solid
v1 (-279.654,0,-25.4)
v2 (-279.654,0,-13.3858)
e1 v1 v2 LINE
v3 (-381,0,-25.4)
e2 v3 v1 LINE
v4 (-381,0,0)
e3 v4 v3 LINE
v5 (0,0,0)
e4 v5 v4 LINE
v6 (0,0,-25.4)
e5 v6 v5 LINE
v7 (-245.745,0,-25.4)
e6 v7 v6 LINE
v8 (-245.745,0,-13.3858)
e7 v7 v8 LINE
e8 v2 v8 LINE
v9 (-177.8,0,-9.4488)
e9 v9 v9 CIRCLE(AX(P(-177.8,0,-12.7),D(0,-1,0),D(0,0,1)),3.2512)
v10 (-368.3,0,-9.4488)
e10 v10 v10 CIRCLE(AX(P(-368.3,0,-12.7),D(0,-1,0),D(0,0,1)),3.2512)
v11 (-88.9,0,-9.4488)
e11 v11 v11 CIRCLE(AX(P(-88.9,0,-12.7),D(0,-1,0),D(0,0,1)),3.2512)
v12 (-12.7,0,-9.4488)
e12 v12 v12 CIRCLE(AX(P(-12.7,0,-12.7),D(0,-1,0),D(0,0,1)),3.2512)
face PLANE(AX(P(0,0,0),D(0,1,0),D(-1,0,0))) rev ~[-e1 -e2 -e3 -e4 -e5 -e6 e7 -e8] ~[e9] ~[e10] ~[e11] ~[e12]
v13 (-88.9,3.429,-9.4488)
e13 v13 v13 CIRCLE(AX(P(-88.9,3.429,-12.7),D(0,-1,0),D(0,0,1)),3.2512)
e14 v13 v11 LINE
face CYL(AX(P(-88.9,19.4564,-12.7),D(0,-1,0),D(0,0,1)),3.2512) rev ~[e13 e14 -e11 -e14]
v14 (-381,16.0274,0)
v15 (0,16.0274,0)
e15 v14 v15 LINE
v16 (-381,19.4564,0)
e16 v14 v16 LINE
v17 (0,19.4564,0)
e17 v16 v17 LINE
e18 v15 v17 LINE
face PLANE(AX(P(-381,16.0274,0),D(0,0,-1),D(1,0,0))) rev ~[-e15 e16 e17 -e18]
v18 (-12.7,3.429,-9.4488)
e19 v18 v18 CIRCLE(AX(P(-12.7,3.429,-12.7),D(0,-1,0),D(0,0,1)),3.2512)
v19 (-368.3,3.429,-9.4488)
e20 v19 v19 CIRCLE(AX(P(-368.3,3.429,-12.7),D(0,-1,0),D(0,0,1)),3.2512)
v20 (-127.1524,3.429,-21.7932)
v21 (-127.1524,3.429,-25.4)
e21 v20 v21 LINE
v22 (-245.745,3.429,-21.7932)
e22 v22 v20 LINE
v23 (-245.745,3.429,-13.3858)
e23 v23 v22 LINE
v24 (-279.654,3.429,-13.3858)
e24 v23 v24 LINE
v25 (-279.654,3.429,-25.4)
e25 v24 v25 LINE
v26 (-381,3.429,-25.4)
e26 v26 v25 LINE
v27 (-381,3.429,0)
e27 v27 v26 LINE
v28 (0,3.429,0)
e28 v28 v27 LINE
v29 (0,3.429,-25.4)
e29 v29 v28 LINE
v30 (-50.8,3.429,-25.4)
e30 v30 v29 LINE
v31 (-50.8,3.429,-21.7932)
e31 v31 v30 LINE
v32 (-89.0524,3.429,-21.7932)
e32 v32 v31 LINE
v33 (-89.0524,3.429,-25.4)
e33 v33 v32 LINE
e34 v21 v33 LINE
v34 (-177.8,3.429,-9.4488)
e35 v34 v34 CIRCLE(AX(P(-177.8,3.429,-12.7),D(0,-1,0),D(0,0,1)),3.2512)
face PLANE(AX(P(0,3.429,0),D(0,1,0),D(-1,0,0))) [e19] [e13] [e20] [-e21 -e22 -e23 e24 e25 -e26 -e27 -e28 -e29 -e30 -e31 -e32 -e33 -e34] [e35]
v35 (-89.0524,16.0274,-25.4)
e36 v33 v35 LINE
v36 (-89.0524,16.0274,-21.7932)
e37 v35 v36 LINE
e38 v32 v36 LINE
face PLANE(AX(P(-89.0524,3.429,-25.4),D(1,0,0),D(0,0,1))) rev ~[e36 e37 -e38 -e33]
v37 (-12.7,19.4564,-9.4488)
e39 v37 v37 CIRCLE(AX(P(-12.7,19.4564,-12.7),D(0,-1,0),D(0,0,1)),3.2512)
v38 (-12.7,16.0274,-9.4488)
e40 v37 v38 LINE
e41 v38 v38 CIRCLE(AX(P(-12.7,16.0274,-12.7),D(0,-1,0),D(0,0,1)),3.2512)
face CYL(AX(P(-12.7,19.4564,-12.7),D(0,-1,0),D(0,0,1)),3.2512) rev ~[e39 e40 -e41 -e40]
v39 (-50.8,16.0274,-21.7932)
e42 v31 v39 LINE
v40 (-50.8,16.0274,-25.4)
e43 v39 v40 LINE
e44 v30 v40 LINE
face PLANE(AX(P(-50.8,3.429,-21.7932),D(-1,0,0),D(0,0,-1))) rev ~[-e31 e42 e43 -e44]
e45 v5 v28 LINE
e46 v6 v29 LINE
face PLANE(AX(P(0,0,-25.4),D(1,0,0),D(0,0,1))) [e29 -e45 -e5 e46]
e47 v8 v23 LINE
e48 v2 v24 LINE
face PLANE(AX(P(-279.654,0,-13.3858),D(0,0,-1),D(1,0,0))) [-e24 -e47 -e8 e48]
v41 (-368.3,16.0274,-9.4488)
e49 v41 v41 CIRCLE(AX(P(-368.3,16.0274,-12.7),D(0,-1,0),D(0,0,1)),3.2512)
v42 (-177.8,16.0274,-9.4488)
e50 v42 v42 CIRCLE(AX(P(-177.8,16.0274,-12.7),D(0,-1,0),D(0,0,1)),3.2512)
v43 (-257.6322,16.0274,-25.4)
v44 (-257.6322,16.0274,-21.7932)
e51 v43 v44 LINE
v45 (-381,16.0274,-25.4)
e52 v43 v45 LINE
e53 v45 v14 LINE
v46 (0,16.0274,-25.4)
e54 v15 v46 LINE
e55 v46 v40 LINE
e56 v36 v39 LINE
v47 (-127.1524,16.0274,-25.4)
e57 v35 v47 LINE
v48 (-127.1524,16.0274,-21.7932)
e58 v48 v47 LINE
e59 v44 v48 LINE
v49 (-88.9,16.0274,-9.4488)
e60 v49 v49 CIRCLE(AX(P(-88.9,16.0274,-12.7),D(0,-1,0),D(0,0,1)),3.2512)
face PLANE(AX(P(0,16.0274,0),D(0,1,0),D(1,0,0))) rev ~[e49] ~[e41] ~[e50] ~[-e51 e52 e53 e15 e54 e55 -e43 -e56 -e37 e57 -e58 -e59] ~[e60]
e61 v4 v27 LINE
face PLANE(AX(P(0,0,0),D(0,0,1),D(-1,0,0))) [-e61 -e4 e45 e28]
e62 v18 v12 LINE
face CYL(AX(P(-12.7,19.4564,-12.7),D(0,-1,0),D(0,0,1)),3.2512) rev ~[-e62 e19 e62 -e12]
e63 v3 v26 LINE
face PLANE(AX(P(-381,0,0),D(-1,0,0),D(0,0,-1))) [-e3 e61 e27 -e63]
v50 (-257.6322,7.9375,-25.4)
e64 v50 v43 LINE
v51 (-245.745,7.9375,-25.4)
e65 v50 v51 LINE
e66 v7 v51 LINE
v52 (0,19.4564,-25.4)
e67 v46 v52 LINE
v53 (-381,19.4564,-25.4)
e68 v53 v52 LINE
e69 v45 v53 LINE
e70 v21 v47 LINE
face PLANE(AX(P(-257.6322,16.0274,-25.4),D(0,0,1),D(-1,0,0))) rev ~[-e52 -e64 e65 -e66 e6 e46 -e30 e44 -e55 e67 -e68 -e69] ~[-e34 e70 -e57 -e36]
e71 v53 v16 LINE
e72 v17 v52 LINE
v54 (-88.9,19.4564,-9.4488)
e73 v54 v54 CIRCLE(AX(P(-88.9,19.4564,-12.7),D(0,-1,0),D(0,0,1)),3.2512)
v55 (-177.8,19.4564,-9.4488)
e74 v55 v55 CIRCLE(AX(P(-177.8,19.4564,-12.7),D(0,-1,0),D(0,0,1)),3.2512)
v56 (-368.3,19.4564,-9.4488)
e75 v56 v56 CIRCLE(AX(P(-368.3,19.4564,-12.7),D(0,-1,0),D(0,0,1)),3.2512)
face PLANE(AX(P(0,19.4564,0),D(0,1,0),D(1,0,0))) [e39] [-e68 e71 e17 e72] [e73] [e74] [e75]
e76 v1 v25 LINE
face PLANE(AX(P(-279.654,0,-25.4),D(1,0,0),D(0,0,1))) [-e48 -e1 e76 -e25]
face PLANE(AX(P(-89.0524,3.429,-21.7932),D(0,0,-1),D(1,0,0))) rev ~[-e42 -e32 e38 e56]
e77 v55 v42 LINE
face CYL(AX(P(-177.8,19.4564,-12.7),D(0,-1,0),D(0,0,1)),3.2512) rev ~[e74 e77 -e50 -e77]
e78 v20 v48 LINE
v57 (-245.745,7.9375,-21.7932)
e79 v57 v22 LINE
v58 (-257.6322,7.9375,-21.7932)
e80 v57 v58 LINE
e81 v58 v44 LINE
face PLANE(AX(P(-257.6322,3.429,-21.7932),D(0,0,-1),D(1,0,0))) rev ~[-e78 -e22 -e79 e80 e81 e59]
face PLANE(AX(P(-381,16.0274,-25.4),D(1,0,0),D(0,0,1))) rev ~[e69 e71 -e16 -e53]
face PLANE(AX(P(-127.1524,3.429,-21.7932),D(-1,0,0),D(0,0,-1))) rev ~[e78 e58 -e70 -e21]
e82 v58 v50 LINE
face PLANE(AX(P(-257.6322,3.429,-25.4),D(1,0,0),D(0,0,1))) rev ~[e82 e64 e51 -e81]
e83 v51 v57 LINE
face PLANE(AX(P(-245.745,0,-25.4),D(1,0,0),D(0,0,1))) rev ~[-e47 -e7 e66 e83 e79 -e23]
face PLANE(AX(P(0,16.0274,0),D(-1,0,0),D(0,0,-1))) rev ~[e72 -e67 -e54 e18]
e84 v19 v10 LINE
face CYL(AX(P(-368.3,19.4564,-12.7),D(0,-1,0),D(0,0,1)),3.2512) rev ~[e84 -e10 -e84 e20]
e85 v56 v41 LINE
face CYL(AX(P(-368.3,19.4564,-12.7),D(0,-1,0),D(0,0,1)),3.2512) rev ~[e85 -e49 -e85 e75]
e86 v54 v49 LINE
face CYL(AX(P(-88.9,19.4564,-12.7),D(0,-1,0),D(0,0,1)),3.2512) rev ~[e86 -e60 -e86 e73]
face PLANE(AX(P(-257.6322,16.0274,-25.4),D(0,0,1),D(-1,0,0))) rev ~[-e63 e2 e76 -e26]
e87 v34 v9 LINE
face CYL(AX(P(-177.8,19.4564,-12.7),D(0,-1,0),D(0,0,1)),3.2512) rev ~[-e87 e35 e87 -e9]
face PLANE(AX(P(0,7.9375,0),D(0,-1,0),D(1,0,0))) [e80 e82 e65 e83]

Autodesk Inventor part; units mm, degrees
ref_plane "YZ Plane" through (0, 0, 0) normal (1, 0, 0) x (0, 1, 0)
ref_plane "XZ Plane" through (0, 0, 0) normal (0, 1, 0) x (-1, 0, 0)
ref_plane "XY Plane" through (0, 0, 0) normal (0, 0, 1) x (1, 0, 0)
sketch "Sketch1" plane through (0, 0, 0) normal (0, 1, 0) x (-1, 0, 0)
  line L0 (0, 0) -> (381, 0)
  line L1 (381, 0) -> (381, -25.4)
  line L2 (381, -25.4) -> (0, -25.4)
  line L3 (0, -25.4) -> (0, 0)
  dimension "d0" = 381
  dimension "d1" = 25.4
extrude "Extrusion1" add sketch "Sketch1" along normal blind 3.429
sketch "Sketch2" plane through (0, 3.429, 0) normal (0, 1, 0) x (1, 0, 0)
  line L0 (0, 25.4) -> (-381, 25.4) projected
  line L1 (-50.8, 25.4) -> (-89.0524, 25.4)
  line L2 (-89.0524, 25.4) -> (-89.0524, 21.7932)
  line L3 (-89.0524, 21.7932) -> (-50.8, 21.7932)
  line L4 (-50.8, 21.7932) -> (-50.8, 25.4)
  line L5 (0, 0) -> (0, 25.4) projected
  line L6 (-127.1524, 25.4) -> (-257.6322, 25.4)
  line L7 (-257.6322, 25.4) -> (-257.6322, 21.7932)
  line L8 (-257.6322, 21.7932) -> (-127.1524, 21.7932)
  line L9 (-127.1524, 21.7932) -> (-127.1524, 25.4)
  point P0 (-89.0524, 23.5966)
  dimension "d4" = 38.2524
  dimension "d5" = 3.6068
  dimension "d6" = 50.8
  dimension "d7" = 38.1
  dimension "d8" = 3.6068
  dimension "d9" = 130.4798
extrude "Extrusion2" add sketch "Sketch2" along normal blind 12.5984
sketch "Sketch3" plane through (0, 16.0274, 0) normal (0, 1, 0) x (1, 0, 0)
  line L0 (-381, 25.4) -> (-381, 0) projected
  line L1 (-257.6322, 25.4) -> (-381, 25.4) projected
  line L2 (-381, 0) -> (0, 0) projected
  line L3 (0, 0) -> (0, 25.4) projected
  line L4 (0, 25.4) -> (-381, 25.4)
  line L5 (-381, 25.4) -> (-381, 0)
  line L6 (-381, 0) -> (0, 0)
  line L7 (0, 0) -> (0, 25.4)
extrude "Extrusion3" add sketch "Sketch3" along normal blind 3.429
sketch "Sketch5" plane through (0, 19.4564, 0) normal (0, 1, 0) x (1, 0, 0)
  line L0 (0, 0) -> (0, 25.4) projected
  line L1 (0, 25.4) -> (-381, 25.4) projected
  point P0 (-12.7, 12.7)
  point P1 (-245.745, 25.4)
  dimension "d18" = 12.7
  dimension "d19" = 12.7
hole "Hole1" at (-12.7, 19.4564, -12.7) direction (0, -1, 0) diameter 6.5024 end through all
sketch "Sketch6" plane through (0, 19.4564, 0) normal (0, 1, 0) x (1, 0, 0)
  line L0 (0, 25.4) -> (-381, 25.4) projected
  line L1 (-381, 25.4) -> (-381, 0) projected
  point P0 (-177.8, 12.7)
  point P1 (-245.745, 25.4)
  dimension "d36" = 12.7
  dimension "d37" = 203.2
hole "Hole2" at (-177.8, 19.4564, -12.7) direction (0, -1, 0) diameter 6.5024 end through all
sketch "Sketch7" plane through (0, 19.4564, 0) normal (0, 1, 0) x (1, 0, 0)
  line L0 (0, 25.4) -> (-381, 25.4) projected
  line L1 (-381, 25.4) -> (-381, 0) projected
  point P0 (0, 0)
  point P1 (-368.3, 12.7)
  point P2 (-279.654, 25.4)
  dimension "d38" = 12.7
  dimension "d39" = 12.7
hole "Hole3" at (-368.3, 19.4564, -12.7) direction (0, -1, 0) diameter 6.5024 end through all
sketch "Sketch10" plane through (0, 19.4564, 0) normal (0, 1, 0) x (1, 0, 0)
  line L0 (0, 25.4) -> (-381, 25.4) projected
  line L1 (0, 0) -> (0, 25.4) projected
  point P0 (-88.9, 12.7)
  point P1 (-245.745, 25.4)
  point P2 (0, 12.7)
  dimension "d64" = 12.7
  dimension "d74" = 88.9
hole "Hole6" at (-88.9, 19.4564, -12.7) direction (0, -1, 0) diameter 6.5024 end through all
ref_plane "Work Plane2" through (0, 9.7282, 0) normal (0, 1, 0) x (1, 0, 0)
sketch "Sketch11" plane through (0, 0, 0) normal (0, -1, 0) x (1, 0, 0)
  line L0 (-279.654, -25.4) -> (-279.654, -13.3858) projected
  line L1 (-279.654, -13.3858) -> (-245.745, -13.3858) projected
  line L2 (-245.745, -25.4) -> (-245.745, -13.3858) projected
  line L3 (-245.745, -13.3858) -> (-279.654, -13.3858)
  line L4 (-279.654, -13.3858) -> (-279.654, -25.4)
  line L5 (-279.654, -25.4) -> (-245.745, -25.4)
  line L6 (-245.745, -25.4) -> (-245.745, -13.3858)
  point P0 (0, 0)
extrude "Extrusion5" cut sketch "Sketch11" against normal blind 7.9375
properties part number "ArmPart1"
